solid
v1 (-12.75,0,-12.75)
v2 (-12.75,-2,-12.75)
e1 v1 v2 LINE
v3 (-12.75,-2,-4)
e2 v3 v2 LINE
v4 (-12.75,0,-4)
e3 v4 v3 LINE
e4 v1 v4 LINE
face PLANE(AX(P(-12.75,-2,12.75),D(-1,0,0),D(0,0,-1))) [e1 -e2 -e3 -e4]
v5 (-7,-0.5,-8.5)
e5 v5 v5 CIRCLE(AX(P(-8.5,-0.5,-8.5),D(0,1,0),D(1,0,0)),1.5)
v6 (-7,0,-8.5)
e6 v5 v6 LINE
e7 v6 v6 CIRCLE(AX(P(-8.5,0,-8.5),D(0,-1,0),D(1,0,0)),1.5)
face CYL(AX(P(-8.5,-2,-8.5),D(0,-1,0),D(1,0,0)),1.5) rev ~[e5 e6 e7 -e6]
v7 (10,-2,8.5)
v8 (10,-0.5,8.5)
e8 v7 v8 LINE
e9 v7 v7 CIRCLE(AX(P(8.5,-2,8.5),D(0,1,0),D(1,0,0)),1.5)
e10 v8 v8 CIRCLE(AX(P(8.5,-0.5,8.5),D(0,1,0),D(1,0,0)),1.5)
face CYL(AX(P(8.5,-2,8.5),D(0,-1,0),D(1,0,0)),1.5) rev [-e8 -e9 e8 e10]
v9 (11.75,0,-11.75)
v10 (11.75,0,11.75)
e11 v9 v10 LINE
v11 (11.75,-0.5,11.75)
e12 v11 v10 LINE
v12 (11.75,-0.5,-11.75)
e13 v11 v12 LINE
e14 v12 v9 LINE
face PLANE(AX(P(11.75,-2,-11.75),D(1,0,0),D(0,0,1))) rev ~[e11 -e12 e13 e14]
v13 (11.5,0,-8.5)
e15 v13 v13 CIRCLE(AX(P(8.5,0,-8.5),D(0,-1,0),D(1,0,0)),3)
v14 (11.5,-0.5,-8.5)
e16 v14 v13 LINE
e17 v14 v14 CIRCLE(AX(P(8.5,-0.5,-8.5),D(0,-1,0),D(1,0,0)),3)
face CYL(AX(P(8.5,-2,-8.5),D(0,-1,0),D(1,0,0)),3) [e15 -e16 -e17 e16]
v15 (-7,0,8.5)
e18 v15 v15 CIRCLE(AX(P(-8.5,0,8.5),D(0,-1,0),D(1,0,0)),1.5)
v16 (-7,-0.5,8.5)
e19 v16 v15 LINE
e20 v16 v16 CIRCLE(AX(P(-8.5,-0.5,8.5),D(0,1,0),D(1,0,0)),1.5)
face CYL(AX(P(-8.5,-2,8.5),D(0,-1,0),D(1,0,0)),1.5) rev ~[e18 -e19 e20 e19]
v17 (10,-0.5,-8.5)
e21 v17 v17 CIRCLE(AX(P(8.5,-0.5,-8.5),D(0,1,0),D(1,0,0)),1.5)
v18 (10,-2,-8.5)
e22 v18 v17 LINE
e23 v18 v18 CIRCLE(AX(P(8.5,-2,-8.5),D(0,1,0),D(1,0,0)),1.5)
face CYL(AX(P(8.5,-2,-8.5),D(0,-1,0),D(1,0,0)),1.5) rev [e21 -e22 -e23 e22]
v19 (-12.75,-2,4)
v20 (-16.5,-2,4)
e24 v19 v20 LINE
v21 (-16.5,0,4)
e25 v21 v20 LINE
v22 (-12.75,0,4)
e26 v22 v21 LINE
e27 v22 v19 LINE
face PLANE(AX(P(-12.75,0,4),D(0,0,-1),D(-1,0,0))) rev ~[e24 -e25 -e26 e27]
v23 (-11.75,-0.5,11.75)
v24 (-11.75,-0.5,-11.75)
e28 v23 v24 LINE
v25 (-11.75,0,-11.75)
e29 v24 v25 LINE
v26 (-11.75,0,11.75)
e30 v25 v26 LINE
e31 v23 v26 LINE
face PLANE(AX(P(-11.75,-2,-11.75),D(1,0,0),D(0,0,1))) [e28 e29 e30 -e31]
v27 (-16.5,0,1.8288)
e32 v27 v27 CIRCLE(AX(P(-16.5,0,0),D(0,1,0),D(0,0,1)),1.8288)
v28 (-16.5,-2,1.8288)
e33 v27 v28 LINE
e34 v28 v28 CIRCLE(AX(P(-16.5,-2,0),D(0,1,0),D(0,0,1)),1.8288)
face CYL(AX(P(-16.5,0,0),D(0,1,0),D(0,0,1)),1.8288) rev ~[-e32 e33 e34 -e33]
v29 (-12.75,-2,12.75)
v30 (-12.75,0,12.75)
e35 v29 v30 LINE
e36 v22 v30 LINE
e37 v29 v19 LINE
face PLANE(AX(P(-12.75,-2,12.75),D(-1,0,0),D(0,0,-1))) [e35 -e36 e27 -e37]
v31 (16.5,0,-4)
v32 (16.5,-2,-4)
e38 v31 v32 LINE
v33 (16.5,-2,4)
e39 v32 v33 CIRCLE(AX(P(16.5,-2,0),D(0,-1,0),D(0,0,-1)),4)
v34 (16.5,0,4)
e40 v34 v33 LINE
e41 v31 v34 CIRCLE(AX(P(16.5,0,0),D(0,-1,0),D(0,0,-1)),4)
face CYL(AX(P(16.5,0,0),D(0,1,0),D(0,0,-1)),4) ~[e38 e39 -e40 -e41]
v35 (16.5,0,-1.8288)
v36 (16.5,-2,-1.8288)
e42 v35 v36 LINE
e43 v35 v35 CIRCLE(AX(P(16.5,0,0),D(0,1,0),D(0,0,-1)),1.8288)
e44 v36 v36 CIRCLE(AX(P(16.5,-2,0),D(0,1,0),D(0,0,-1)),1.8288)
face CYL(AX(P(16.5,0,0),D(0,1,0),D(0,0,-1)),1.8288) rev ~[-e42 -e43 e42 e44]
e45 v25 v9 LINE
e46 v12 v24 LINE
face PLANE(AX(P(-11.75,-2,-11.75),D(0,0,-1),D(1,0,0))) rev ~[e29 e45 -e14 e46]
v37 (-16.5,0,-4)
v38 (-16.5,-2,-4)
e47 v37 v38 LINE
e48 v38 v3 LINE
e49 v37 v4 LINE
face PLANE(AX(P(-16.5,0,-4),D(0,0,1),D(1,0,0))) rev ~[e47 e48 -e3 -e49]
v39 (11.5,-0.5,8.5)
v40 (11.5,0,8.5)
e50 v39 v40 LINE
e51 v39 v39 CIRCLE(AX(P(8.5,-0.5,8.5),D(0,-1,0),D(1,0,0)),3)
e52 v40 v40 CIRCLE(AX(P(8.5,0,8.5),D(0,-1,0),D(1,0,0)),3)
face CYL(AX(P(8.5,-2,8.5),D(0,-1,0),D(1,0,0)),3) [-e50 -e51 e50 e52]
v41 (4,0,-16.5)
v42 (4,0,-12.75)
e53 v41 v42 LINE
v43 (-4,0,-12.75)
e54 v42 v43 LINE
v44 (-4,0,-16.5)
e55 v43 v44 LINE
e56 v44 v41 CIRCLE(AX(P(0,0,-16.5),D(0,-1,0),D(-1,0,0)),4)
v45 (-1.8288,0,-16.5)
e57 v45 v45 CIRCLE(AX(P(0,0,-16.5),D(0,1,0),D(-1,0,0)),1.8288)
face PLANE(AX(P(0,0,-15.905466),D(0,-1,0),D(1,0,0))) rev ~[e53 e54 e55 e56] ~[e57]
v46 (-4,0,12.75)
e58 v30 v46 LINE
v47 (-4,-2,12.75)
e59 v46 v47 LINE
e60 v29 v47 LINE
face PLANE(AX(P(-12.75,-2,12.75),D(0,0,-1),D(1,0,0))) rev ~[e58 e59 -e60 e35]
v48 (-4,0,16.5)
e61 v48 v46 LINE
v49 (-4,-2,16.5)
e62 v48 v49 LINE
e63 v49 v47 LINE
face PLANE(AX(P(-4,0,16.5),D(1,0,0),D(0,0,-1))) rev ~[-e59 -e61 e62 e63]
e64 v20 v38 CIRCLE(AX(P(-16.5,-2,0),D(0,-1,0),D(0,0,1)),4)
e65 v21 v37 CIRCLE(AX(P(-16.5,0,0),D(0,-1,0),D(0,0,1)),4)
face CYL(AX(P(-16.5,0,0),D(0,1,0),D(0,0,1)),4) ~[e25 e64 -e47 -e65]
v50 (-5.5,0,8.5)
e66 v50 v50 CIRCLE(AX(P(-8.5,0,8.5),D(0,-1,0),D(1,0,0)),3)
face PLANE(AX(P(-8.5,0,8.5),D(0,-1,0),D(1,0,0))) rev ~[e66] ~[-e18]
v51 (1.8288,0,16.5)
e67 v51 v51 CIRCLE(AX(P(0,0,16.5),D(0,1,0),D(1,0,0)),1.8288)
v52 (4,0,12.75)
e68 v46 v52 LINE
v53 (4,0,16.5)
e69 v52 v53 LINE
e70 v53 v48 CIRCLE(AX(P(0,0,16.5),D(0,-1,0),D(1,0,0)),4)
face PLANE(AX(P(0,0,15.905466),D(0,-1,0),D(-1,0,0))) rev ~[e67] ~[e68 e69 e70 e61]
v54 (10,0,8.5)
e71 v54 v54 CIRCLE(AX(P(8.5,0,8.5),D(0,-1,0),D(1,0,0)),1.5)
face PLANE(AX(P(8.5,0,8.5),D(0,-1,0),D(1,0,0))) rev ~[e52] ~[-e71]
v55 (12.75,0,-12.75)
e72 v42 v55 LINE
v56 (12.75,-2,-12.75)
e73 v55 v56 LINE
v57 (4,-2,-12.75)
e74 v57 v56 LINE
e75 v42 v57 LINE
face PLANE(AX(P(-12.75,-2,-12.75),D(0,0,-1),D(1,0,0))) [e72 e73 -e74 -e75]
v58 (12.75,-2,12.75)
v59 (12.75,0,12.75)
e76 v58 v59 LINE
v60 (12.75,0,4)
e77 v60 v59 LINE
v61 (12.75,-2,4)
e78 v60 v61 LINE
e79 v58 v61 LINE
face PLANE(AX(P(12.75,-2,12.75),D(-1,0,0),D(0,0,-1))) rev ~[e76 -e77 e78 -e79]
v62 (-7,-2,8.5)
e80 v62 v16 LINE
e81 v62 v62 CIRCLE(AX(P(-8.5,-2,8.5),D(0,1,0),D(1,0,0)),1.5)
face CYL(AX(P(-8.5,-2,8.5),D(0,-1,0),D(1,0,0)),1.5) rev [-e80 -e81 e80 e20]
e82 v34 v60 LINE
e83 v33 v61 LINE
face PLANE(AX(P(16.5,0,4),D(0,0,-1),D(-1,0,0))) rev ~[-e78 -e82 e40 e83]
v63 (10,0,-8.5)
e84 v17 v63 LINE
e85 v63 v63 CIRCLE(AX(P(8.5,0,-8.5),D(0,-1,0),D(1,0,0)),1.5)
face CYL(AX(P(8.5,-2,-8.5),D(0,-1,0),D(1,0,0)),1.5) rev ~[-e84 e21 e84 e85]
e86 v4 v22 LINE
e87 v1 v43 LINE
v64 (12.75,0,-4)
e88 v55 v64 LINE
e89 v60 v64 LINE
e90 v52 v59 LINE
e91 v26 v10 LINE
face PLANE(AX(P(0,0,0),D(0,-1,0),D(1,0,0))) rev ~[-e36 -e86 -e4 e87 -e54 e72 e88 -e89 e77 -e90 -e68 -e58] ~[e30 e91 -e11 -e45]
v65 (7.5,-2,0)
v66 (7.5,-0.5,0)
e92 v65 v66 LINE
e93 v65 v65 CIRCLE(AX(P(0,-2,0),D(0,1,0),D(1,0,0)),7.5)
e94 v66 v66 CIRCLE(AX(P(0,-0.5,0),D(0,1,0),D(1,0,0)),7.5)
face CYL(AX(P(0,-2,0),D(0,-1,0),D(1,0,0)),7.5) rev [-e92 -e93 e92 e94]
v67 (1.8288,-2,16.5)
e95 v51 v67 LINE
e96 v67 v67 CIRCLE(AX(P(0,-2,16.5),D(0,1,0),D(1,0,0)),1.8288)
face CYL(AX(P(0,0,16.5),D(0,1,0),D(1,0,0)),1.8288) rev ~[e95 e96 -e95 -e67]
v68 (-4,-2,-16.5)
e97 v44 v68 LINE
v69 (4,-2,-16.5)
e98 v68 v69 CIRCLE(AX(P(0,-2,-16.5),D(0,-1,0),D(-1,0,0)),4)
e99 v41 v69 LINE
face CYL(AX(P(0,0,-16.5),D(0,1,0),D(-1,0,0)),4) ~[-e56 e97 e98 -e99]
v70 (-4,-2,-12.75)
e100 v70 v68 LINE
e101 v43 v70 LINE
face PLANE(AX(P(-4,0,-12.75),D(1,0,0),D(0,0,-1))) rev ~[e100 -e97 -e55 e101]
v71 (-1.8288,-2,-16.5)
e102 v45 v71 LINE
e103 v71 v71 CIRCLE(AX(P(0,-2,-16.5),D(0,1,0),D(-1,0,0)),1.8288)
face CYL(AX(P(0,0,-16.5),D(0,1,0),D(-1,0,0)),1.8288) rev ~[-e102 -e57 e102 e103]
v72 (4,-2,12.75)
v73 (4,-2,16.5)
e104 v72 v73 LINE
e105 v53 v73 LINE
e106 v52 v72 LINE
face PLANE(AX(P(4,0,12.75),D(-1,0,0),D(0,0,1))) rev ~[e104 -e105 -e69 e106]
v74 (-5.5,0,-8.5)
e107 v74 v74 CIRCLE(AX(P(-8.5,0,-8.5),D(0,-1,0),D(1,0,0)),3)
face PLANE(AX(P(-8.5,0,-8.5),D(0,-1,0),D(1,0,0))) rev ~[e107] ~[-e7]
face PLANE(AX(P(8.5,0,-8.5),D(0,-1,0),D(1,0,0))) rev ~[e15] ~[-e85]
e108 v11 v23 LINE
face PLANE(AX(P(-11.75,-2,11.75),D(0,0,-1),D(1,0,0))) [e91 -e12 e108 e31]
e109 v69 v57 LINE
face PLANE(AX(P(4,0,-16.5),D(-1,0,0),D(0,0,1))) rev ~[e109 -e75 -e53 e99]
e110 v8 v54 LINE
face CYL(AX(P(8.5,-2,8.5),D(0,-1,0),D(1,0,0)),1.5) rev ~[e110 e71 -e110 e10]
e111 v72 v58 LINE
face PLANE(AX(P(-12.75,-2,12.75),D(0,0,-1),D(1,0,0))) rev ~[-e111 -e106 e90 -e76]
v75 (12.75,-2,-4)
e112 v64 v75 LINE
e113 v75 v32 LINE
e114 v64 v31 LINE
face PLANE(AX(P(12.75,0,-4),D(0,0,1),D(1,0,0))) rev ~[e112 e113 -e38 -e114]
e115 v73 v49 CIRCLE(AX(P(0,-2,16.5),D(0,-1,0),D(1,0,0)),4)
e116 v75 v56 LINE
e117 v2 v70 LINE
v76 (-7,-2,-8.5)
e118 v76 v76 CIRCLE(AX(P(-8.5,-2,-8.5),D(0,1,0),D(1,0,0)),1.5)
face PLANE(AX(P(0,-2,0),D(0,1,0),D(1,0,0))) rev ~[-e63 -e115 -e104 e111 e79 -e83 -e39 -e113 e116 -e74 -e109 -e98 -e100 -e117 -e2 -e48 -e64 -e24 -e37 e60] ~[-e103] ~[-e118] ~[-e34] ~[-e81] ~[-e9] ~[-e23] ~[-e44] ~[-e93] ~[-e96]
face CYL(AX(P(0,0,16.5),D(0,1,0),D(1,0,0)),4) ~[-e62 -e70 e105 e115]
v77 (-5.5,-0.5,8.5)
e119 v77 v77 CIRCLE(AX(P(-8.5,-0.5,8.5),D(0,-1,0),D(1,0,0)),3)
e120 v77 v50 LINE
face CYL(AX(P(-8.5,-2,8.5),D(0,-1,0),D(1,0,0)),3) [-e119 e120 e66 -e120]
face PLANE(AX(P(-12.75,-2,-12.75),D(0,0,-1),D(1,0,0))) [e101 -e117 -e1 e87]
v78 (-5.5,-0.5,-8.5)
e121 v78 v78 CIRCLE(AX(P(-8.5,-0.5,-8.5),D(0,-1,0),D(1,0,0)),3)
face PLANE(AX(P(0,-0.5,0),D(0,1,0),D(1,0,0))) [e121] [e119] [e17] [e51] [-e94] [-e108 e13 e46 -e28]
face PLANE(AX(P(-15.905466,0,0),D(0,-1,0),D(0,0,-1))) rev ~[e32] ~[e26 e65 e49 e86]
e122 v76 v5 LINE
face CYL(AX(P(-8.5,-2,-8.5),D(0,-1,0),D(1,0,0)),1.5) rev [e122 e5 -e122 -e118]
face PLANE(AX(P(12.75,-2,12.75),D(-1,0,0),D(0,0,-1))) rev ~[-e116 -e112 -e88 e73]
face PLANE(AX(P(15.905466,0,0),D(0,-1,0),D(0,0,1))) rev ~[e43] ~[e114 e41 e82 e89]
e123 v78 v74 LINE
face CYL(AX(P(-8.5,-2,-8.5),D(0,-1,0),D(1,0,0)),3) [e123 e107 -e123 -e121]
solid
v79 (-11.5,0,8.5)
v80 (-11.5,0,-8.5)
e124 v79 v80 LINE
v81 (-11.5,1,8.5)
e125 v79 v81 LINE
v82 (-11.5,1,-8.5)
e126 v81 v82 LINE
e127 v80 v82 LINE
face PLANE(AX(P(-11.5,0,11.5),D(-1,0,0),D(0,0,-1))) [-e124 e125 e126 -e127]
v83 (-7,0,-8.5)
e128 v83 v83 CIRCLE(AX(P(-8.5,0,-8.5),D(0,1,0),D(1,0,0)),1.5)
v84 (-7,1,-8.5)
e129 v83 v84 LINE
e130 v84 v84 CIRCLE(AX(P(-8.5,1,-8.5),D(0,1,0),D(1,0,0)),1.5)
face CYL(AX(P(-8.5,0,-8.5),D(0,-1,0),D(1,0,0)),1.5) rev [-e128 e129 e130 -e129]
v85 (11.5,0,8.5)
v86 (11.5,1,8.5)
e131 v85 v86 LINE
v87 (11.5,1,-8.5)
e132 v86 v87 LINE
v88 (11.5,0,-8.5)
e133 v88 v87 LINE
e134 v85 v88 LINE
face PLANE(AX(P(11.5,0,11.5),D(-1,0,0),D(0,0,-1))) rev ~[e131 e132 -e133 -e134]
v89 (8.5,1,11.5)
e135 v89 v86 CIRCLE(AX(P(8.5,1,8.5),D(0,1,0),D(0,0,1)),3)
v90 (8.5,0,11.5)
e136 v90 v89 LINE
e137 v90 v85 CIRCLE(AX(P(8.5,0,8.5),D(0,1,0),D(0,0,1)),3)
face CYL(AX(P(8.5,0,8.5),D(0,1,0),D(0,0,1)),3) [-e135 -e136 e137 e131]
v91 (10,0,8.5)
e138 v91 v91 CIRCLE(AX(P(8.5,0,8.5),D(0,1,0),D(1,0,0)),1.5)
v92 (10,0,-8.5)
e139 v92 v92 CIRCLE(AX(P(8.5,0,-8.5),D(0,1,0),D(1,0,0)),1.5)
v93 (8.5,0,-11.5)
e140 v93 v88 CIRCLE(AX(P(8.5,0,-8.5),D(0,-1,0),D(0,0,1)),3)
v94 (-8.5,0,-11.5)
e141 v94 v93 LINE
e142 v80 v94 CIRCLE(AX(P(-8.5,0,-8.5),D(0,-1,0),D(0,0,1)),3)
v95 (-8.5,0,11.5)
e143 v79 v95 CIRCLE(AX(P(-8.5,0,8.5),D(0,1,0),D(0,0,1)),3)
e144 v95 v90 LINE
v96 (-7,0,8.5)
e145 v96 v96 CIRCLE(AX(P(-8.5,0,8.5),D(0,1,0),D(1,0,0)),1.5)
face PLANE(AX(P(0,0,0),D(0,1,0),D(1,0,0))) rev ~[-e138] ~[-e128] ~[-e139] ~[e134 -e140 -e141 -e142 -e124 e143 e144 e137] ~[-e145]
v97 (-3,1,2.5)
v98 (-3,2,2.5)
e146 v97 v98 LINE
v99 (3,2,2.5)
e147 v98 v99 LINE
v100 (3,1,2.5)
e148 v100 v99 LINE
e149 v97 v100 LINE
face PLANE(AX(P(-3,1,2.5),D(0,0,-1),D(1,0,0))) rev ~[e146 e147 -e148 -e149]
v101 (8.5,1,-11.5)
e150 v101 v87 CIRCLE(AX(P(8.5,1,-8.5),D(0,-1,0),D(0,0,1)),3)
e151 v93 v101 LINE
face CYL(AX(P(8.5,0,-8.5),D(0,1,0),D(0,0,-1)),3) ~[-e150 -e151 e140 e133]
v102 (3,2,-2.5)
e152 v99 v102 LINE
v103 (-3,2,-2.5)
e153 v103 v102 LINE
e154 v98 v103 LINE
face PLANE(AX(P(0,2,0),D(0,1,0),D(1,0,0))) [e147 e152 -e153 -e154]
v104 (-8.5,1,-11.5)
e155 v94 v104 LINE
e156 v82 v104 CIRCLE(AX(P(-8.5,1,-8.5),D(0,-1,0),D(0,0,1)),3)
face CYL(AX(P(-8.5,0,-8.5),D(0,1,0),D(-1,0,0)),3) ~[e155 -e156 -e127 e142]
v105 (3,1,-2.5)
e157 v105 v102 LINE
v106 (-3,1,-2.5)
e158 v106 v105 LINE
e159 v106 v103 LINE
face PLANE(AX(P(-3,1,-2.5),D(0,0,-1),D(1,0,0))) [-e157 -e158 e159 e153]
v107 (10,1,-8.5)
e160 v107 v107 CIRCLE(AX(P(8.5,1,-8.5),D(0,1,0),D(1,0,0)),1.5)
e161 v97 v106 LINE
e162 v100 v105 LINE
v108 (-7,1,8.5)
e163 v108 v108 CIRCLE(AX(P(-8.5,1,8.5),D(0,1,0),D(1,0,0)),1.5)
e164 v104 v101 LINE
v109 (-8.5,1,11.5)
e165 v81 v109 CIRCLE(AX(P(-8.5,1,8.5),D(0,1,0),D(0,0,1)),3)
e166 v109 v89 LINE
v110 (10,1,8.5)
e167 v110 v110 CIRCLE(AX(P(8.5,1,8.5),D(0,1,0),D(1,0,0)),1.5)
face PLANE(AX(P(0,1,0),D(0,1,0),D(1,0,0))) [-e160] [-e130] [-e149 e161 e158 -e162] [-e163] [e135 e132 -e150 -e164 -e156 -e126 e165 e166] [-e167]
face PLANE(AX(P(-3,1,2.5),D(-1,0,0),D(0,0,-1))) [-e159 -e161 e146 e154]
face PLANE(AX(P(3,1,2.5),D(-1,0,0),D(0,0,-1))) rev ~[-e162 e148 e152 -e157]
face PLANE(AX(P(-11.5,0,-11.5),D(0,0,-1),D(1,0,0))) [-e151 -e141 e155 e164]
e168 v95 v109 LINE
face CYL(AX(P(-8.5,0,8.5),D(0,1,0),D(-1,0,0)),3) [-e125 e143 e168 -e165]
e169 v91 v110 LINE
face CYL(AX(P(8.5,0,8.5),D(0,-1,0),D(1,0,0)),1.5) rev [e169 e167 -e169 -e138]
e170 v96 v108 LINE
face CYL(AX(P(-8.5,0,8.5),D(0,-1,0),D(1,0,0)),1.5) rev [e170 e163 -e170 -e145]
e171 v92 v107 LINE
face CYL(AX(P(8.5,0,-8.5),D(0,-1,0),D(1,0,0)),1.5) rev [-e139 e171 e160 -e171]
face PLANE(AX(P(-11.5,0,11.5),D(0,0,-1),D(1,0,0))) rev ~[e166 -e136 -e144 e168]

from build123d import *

# Parameters (mm, degrees)
SKETCH1_W           = 23
SKETCH1_H           = 23
SKETCH1_R           = 1.5
BOSS_EXTRUDE1_DEPTH = 1
SKETCH2_W           = 6
SKETCH2_H           = 5
BOSS_EXTRUDE2_DEPTH = 1
FILLET1_R           = 3
BOSS_EXTRUDE3_START = -3
SKETCH3_W           = 25.5
SKETCH3_H           = 25.5
SKETCH3_R           = 1.5
SKETCH3_R_2         = 7.5
BOSS_EXTRUDE3_DEPTH = 1.5
SKETCH4_R           = 3
SKETCH4_R_2         = 1.5
BOSS_EXTRUDE4_DEPTH = 2
SKETCH5_W           = 25.5
SKETCH5_H           = 25.5
SKETCH5_W_2         = 23.5
SKETCH5_H_2         = 23.5
BOSS_EXTRUDE5_DEPTH = 2
SKETCH6_R           = 1.8288
BOSS_EXTRUDE6_DEPTH = 2
CIRPATTERN1_COUNT   = 4


with BuildPart() as part:
    # Sketch1 → Boss-Extrude1 (new body)
    with BuildSketch(Plane(origin=(0, 0, 0), x_dir=(1, 0, 0), z_dir=(0, 1, 0))):
        Rectangle(SKETCH1_W, SKETCH1_H)
        with Locations((-8.5, 8.5)):
            Circle(SKETCH1_R, mode=Mode.SUBTRACT)
        with Locations((8.5, 8.5)):
            Circle(SKETCH1_R, mode=Mode.SUBTRACT)
        with Locations((8.5, -8.5)):
            Circle(SKETCH1_R, mode=Mode.SUBTRACT)
        with Locations((-8.5, -8.5)):
            Circle(SKETCH1_R, mode=Mode.SUBTRACT)
    extrude(amount=BOSS_EXTRUDE1_DEPTH)

    # Sketch2 → Boss-Extrude2 (add)
    with BuildSketch(Plane(origin=(0, 1, 0), x_dir=(1, 0, 0), z_dir=(0, 1, 0))):
        Rectangle(SKETCH2_W, SKETCH2_H)
    extrude(amount=BOSS_EXTRUDE2_DEPTH)

    # Fillet1
    fillet1_edges = [part.edges().sort_by_distance(p)[0] for p in [
        (11.5, 0.5, 11.5),
        (-11.5, 0.5, 11.5),
        (-11.5, 0.5, -11.5),
        (11.5, 0.5, -11.5),
    ]]
    fillet(fillet1_edges, radius=FILLET1_R)


with BuildPart() as body_2:
    # Sketch3 → Boss-Extrude3 (new body)
    with BuildSketch(Plane(origin=(0, 1, 0), x_dir=(1, 0, 0), z_dir=(0, 1, 0)).offset(BOSS_EXTRUDE3_START)):
        Rectangle(SKETCH3_W, SKETCH3_H)
        with Locations((-8.5, 8.5)):
            Circle(SKETCH3_R, mode=Mode.SUBTRACT)
        with Locations((8.5, 8.5)):
            Circle(SKETCH3_R, mode=Mode.SUBTRACT)
        with Locations((8.5, -8.5)):
            Circle(SKETCH3_R, mode=Mode.SUBTRACT)
        with Locations((-8.5, -8.5)):
            Circle(SKETCH3_R, mode=Mode.SUBTRACT)
        Circle(SKETCH3_R_2, mode=Mode.SUBTRACT)
    extrude(amount=BOSS_EXTRUDE3_DEPTH)

    # Sketch4 → Boss-Extrude4 (add)
    with BuildSketch(Plane.XZ.offset(2)):
        with Locations((-8.5, 8.5)):
            Circle(SKETCH4_R)
        with Locations((-8.5, 8.5)):
            Circle(SKETCH4_R_2, mode=Mode.SUBTRACT)
        with Locations((8.5, 8.5)):
            Circle(SKETCH4_R)
        with Locations((8.5, 8.5)):
            Circle(SKETCH4_R_2, mode=Mode.SUBTRACT)
        with Locations((8.5, -8.5)):
            Circle(SKETCH4_R)
        with Locations((8.5, -8.5)):
            Circle(SKETCH4_R_2, mode=Mode.SUBTRACT)
        with Locations((-8.5, -8.5)):
            Circle(SKETCH4_R)
        with Locations((-8.5, -8.5)):
            Circle(SKETCH4_R_2, mode=Mode.SUBTRACT)
    extrude(amount=-BOSS_EXTRUDE4_DEPTH)

    # Sketch5 → Boss-Extrude5 (add)
    with BuildSketch(Plane.XZ.offset(2)):
        Rectangle(SKETCH5_W, SKETCH5_H)
        Rectangle(SKETCH5_W_2, SKETCH5_H_2, mode=Mode.SUBTRACT)
    extrude(amount=-BOSS_EXTRUDE5_DEPTH)

    # Sketch6 → Boss-Extrude6 (add)
    with BuildSketch(Plane(origin=(0, 0, 0), x_dir=(-1, 0, 0), z_dir=(0, 1, 0))):
        with BuildLine():
            Line((-4, -16.5), (-4, -12.75))
            Line((-4, -12.75), (4, -12.75))
            Line((4, -12.75), (4, -16.5))
            ThreePointArc((4, -16.5), (0, -20.5), (-4, -16.5))
        make_face()
        with Locations((0, -16.5)):
            Circle(SKETCH6_R, mode=Mode.SUBTRACT)
    boss_extrude6 = extrude(amount=-BOSS_EXTRUDE6_DEPTH)

    # CirPattern1: Boss-Extrude6 ×4 about axis
    cirpattern1_axis = Axis((0, 0, 0), (0, 1, 0))
    for i in range(1, CIRPATTERN1_COUNT):
        add(boss_extrude6.rotate(cirpattern1_axis, i * 360 / CIRPATTERN1_COUNT))


solid = Compound([part.part, body_2.part])
